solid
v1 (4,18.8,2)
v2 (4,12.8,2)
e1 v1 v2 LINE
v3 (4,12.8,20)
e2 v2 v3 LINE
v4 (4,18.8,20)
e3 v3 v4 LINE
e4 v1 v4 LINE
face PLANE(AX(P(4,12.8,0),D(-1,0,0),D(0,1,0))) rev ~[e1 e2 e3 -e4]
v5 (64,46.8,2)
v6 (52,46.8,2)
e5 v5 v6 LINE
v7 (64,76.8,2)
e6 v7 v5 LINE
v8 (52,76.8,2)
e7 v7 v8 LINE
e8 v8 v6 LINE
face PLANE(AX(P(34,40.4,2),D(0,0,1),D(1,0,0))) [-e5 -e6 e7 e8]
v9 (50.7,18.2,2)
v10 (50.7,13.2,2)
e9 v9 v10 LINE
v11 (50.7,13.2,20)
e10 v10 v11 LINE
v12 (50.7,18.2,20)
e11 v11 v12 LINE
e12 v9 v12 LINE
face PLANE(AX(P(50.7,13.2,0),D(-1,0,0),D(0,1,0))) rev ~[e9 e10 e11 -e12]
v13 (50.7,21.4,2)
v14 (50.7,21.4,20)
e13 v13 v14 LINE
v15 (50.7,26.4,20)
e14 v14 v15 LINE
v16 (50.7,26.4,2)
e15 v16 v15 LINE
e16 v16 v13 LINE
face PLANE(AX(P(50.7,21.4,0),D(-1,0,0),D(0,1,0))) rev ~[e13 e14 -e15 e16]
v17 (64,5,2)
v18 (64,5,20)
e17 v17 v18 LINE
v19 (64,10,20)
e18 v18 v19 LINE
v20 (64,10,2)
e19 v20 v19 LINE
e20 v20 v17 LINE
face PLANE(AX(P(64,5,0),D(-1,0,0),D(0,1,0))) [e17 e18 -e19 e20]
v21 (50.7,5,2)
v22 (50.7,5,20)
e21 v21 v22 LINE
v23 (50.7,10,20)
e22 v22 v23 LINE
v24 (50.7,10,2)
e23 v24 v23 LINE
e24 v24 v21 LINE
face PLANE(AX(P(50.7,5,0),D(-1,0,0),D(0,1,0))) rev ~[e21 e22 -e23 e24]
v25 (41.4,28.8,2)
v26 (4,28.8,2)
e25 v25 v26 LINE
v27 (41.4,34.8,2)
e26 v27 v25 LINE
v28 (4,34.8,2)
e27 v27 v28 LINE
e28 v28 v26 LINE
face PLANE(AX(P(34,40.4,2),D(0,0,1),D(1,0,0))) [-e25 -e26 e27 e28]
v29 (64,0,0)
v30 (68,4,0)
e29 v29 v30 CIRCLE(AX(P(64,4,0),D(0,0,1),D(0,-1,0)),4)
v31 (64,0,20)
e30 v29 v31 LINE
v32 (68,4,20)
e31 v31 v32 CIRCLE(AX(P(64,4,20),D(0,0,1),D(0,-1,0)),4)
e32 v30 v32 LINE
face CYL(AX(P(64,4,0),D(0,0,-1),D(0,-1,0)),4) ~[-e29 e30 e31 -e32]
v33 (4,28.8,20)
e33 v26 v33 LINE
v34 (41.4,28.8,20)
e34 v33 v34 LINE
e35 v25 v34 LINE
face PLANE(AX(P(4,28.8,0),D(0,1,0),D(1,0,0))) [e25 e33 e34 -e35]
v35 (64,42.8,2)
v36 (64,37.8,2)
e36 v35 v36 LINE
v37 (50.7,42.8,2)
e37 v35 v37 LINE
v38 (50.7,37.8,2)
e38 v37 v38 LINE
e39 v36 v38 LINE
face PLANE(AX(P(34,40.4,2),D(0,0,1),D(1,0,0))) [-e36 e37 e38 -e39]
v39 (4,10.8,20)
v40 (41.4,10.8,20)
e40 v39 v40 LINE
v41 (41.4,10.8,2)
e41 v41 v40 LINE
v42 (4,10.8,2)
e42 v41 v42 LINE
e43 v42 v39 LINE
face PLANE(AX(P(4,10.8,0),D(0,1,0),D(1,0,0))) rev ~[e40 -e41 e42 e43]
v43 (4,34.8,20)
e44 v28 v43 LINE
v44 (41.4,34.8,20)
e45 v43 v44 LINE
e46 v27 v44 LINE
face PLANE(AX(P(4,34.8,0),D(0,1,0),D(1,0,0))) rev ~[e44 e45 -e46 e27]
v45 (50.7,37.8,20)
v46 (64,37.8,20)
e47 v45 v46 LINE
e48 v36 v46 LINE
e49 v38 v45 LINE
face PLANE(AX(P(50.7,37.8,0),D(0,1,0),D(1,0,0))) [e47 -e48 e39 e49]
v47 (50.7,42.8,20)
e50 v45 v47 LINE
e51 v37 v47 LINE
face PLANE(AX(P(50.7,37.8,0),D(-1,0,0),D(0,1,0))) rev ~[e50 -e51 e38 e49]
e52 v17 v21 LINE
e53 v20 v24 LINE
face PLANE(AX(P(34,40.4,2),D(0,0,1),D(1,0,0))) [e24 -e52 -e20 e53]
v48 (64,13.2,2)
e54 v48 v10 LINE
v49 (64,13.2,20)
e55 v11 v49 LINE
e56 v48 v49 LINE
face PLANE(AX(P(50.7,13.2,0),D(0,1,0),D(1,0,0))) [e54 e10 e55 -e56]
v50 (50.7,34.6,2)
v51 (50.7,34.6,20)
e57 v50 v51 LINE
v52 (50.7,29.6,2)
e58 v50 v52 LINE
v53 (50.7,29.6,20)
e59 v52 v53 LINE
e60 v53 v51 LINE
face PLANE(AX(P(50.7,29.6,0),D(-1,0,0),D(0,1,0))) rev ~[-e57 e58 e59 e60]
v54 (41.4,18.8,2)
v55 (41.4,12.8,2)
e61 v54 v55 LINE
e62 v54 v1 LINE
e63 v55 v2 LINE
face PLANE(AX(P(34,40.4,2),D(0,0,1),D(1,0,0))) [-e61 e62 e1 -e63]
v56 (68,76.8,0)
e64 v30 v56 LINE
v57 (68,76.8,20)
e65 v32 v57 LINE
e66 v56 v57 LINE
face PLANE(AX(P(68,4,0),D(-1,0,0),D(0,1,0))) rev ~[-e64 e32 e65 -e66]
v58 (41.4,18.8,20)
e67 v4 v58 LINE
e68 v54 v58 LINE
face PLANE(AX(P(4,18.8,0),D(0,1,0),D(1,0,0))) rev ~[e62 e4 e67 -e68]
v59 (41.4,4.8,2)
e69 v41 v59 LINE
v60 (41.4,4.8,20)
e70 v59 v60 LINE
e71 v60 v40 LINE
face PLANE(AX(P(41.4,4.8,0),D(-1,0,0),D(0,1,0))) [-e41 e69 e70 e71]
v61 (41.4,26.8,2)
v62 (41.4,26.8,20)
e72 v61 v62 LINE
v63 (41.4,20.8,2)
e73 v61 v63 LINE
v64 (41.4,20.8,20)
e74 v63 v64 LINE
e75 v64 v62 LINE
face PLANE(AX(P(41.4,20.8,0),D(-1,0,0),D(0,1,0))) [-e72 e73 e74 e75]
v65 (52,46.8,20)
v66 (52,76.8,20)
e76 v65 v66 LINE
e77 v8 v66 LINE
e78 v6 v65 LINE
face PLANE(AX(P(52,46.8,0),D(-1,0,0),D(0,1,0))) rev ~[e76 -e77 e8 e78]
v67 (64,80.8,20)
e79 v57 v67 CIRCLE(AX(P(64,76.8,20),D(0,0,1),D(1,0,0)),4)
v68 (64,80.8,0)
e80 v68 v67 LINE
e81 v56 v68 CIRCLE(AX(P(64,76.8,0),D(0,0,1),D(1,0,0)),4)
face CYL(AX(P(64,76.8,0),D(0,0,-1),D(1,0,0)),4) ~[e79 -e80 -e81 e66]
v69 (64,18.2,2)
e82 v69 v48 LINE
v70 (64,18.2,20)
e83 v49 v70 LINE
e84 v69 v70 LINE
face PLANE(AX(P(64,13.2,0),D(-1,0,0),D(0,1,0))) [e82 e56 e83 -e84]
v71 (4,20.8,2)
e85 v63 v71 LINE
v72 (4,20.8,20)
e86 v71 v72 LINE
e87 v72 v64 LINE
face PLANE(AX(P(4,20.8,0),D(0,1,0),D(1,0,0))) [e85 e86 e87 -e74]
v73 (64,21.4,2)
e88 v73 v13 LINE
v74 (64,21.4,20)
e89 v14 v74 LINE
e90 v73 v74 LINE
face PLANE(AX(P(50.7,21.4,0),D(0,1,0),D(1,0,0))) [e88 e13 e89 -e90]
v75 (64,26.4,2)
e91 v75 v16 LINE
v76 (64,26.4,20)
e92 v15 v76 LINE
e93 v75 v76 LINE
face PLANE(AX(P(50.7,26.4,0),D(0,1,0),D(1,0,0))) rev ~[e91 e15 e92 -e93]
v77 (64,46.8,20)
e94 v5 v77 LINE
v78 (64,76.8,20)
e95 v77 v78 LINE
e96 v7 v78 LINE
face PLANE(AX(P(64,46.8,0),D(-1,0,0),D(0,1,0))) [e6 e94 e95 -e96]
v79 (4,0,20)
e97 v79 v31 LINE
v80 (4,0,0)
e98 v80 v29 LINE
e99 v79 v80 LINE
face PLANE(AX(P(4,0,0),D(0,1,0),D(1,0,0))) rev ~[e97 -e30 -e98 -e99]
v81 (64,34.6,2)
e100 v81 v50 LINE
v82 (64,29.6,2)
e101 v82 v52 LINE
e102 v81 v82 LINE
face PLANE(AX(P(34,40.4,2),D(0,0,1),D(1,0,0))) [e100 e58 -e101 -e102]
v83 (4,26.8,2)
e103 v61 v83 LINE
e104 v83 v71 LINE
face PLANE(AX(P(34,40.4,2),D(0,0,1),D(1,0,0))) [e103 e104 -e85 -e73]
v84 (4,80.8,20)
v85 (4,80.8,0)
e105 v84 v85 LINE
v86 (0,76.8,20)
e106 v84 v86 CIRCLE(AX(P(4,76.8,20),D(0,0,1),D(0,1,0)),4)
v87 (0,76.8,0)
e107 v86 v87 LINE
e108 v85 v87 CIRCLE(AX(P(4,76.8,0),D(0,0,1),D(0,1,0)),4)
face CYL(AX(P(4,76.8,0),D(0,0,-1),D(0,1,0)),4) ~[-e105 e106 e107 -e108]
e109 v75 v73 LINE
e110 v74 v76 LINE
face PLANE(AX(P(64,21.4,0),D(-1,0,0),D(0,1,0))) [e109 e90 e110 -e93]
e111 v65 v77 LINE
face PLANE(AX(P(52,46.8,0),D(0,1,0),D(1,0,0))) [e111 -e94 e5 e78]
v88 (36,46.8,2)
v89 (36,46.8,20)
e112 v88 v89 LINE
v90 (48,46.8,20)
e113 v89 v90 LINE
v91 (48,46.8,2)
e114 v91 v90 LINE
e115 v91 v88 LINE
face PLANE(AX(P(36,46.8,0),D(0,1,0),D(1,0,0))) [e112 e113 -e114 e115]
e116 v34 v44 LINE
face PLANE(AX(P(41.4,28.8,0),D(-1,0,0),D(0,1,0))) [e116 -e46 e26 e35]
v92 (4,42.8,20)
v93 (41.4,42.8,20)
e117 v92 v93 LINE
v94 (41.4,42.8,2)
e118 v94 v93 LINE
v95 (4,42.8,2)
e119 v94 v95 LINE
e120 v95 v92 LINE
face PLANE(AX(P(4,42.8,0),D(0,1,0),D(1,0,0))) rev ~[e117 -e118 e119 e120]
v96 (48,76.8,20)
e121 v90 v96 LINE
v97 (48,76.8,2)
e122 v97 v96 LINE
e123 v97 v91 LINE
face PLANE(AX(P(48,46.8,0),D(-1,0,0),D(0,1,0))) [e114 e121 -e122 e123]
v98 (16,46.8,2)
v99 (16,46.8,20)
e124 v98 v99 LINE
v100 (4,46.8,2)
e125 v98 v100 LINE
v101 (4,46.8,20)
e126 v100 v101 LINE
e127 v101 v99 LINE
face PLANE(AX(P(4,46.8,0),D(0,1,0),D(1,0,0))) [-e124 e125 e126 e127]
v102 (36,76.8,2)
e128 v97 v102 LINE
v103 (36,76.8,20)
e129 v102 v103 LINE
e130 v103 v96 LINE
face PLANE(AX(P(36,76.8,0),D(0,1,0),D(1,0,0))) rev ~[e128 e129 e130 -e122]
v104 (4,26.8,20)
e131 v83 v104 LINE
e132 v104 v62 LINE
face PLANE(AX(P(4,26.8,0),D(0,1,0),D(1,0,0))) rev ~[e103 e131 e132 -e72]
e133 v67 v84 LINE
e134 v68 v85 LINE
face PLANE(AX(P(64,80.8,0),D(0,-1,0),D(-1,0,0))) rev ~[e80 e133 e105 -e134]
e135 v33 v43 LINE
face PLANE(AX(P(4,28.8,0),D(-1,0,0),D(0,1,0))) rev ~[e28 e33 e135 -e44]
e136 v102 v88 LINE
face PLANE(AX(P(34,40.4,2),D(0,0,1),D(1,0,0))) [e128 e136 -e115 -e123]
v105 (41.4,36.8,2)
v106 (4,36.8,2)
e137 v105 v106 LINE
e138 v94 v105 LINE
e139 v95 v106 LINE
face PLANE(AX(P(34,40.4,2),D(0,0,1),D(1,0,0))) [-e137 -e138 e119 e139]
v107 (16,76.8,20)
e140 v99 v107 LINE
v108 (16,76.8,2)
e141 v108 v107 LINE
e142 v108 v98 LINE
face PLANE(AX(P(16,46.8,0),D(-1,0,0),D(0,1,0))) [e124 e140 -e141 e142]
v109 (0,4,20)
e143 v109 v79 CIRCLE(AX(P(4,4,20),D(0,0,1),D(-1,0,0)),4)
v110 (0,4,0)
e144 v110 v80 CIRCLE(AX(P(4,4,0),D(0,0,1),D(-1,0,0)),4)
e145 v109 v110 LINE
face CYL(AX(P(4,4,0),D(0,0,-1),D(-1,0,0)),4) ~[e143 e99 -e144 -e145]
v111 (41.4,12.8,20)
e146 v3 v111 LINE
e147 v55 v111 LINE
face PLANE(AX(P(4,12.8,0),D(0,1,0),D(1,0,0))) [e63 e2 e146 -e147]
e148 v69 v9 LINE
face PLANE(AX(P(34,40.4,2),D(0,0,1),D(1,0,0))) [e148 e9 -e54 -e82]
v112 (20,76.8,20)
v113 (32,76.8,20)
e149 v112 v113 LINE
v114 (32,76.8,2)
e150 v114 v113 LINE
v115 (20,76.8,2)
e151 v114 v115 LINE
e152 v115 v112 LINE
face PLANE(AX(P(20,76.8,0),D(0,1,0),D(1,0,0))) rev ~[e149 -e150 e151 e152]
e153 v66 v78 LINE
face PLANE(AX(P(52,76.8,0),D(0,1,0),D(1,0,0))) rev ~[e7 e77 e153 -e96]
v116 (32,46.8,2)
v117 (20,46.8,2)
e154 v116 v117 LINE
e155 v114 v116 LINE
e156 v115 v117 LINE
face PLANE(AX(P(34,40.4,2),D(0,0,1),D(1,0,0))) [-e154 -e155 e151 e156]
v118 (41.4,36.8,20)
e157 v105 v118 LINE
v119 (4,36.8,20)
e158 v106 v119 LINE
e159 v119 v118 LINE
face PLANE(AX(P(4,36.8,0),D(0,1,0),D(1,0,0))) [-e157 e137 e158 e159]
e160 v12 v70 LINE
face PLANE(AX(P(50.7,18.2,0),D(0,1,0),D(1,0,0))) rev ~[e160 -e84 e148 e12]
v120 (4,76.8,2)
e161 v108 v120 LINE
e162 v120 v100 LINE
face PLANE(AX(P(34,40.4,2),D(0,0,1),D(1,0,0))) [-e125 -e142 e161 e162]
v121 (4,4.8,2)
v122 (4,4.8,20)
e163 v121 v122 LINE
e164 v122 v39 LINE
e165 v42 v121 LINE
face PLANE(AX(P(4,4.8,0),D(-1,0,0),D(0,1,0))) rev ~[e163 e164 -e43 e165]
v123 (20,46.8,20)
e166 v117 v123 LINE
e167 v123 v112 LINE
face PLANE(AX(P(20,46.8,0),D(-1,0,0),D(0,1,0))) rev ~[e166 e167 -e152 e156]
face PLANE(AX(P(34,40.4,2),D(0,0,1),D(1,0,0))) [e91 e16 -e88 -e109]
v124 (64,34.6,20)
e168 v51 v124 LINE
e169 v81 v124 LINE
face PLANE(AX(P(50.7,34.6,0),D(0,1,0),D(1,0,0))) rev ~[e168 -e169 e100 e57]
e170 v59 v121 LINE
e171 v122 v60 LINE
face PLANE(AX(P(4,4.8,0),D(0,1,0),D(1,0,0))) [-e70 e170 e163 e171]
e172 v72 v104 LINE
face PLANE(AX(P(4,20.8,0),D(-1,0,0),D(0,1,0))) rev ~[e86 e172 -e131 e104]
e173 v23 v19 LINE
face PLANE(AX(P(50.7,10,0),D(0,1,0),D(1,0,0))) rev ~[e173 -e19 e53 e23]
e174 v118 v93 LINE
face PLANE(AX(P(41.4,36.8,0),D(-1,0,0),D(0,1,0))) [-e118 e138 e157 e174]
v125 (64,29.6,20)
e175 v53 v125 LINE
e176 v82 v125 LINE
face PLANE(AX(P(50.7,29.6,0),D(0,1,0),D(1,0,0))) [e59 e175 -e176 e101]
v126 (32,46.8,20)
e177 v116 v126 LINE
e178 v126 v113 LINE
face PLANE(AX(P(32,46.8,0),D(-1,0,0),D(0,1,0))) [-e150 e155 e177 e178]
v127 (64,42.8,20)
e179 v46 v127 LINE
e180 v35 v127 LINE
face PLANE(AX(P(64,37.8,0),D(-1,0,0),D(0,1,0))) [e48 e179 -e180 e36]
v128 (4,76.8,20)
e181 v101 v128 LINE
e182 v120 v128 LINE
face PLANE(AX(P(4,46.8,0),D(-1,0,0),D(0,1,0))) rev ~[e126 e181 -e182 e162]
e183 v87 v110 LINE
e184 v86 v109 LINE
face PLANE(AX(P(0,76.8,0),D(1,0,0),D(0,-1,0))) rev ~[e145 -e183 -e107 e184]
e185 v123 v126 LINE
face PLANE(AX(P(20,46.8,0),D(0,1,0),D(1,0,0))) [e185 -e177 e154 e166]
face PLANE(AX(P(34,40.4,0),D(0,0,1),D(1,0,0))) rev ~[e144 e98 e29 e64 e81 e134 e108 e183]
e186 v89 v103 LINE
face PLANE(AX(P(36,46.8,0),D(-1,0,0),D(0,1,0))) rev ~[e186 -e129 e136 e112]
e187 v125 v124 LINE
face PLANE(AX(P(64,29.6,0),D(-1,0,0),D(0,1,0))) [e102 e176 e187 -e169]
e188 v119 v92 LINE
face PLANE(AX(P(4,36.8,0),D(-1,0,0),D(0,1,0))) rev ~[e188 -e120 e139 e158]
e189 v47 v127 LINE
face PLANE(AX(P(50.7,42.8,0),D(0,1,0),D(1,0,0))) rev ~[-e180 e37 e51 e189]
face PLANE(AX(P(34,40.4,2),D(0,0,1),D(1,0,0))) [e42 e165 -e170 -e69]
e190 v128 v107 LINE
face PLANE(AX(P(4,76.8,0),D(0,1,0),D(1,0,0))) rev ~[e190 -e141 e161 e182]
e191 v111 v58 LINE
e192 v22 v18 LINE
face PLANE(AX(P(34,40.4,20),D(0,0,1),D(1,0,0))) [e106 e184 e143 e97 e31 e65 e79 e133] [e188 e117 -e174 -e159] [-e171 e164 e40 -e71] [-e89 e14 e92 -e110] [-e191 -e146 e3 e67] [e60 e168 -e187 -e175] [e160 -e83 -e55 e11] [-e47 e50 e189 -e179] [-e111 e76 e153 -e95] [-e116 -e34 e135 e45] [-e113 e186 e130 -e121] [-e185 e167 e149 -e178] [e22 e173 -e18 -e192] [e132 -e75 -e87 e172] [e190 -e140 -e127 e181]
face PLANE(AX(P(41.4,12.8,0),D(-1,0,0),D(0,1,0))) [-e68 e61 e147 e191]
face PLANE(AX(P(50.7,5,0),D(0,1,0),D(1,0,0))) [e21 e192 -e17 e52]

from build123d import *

# Parameters (mm, degrees)
BOSS_EXTRUDE1_DEPTH = 2
SKETCH1_3_W         = 37.4
SKETCH1_3_H         = 6
SKETCH1_3_W_2       = 13.3
SKETCH1_3_H_2       = 5
SKETCH1_3_W_3       = 12
SKETCH1_3_H_3       = 30
BOSS_EXTRUDE2_DEPTH = 20


with BuildPart() as part:
    # Sketch1 → Boss-Extrude1 (new body)
    with BuildSketch(Plane.XY):
        with BuildLine():
            Line((4, 0), (64, 0))
            ThreePointArc((64, 0), (66.828427125, 1.171572875), (68, 4))
            Line((68, 4), (68, 76.8))
            ThreePointArc((68, 76.8), (66.828427125, 79.628427125), (64, 80.8))
            Line((64, 80.8), (4, 80.8))
            ThreePointArc((4, 80.8), (1.171572875, 79.628427125), (0, 76.8))
            Line((0, 76.8), (0, 4))
            ThreePointArc((0, 4), (1.171572875, 1.171572875), (4, 0))
        make_face()
    extrude(amount=BOSS_EXTRUDE1_DEPTH)

    # Sketch1<3> → Boss-Extrude2 (add)
    with BuildSketch(Plane.XY):
        with BuildLine():
            ThreePointArc((0, 4), (1.171572875, 1.171572875), (4, 0))
            Line((4, 0), (64, 0))
            ThreePointArc((64, 0), (66.828427125, 1.171572875), (68, 4))
            Line((68, 4), (68, 76.8))
            ThreePointArc((68, 76.8), (66.828427125, 79.628427125), (64, 80.8))
            Line((64, 80.8), (4, 80.8))
            ThreePointArc((4, 80.8), (1.171572875, 79.628427125), (0, 76.8))
            Line((0, 76.8), (0, 4))
        make_face()
        with Locations((22.7, 7.8)):
            Rectangle(SKETCH1_3_W, SKETCH1_3_H, mode=Mode.SUBTRACT)
        with Locations((57.35, 7.5)):
            Rectangle(SKETCH1_3_W_2, SKETCH1_3_H_2, mode=Mode.SUBTRACT)
        with Locations((22.7, 15.8)):
            Rectangle(SKETCH1_3_W, SKETCH1_3_H, mode=Mode.SUBTRACT)
        with Locations((22.7, 23.8)):
            Rectangle(SKETCH1_3_W, SKETCH1_3_H, mode=Mode.SUBTRACT)
        with Locations((22.7, 31.8)):
            Rectangle(SKETCH1_3_W, SKETCH1_3_H, mode=Mode.SUBTRACT)
        with Locations((22.7, 39.8)):
            Rectangle(SKETCH1_3_W, SKETCH1_3_H, mode=Mode.SUBTRACT)
        with Locations((10, 61.8)):
            Rectangle(SKETCH1_3_W_3, SKETCH1_3_H_3, mode=Mode.SUBTRACT)
        with Locations((26, 61.8)):
            Rectangle(SKETCH1_3_W_3, SKETCH1_3_H_3, mode=Mode.SUBTRACT)
        with Locations((57.35, 15.7)):
            Rectangle(SKETCH1_3_W_2, SKETCH1_3_H_2, mode=Mode.SUBTRACT)
        with Locations((57.35, 32.1)):
            Rectangle(SKETCH1_3_W_2, SKETCH1_3_H_2, mode=Mode.SUBTRACT)
        with Locations((57.35, 23.9)):
            Rectangle(SKETCH1_3_W_2, SKETCH1_3_H_2, mode=Mode.SUBTRACT)
        with Locations((57.35, 40.3)):
            Rectangle(SKETCH1_3_W_2, SKETCH1_3_H_2, mode=Mode.SUBTRACT)
        with Locations((42, 61.8)):
            Rectangle(SKETCH1_3_W_3, SKETCH1_3_H_3, mode=Mode.SUBTRACT)
        with Locations((58, 61.8)):
            Rectangle(SKETCH1_3_W_3, SKETCH1_3_H_3, mode=Mode.SUBTRACT)
    extrude(amount=BOSS_EXTRUDE2_DEPTH)


solid = part.part
